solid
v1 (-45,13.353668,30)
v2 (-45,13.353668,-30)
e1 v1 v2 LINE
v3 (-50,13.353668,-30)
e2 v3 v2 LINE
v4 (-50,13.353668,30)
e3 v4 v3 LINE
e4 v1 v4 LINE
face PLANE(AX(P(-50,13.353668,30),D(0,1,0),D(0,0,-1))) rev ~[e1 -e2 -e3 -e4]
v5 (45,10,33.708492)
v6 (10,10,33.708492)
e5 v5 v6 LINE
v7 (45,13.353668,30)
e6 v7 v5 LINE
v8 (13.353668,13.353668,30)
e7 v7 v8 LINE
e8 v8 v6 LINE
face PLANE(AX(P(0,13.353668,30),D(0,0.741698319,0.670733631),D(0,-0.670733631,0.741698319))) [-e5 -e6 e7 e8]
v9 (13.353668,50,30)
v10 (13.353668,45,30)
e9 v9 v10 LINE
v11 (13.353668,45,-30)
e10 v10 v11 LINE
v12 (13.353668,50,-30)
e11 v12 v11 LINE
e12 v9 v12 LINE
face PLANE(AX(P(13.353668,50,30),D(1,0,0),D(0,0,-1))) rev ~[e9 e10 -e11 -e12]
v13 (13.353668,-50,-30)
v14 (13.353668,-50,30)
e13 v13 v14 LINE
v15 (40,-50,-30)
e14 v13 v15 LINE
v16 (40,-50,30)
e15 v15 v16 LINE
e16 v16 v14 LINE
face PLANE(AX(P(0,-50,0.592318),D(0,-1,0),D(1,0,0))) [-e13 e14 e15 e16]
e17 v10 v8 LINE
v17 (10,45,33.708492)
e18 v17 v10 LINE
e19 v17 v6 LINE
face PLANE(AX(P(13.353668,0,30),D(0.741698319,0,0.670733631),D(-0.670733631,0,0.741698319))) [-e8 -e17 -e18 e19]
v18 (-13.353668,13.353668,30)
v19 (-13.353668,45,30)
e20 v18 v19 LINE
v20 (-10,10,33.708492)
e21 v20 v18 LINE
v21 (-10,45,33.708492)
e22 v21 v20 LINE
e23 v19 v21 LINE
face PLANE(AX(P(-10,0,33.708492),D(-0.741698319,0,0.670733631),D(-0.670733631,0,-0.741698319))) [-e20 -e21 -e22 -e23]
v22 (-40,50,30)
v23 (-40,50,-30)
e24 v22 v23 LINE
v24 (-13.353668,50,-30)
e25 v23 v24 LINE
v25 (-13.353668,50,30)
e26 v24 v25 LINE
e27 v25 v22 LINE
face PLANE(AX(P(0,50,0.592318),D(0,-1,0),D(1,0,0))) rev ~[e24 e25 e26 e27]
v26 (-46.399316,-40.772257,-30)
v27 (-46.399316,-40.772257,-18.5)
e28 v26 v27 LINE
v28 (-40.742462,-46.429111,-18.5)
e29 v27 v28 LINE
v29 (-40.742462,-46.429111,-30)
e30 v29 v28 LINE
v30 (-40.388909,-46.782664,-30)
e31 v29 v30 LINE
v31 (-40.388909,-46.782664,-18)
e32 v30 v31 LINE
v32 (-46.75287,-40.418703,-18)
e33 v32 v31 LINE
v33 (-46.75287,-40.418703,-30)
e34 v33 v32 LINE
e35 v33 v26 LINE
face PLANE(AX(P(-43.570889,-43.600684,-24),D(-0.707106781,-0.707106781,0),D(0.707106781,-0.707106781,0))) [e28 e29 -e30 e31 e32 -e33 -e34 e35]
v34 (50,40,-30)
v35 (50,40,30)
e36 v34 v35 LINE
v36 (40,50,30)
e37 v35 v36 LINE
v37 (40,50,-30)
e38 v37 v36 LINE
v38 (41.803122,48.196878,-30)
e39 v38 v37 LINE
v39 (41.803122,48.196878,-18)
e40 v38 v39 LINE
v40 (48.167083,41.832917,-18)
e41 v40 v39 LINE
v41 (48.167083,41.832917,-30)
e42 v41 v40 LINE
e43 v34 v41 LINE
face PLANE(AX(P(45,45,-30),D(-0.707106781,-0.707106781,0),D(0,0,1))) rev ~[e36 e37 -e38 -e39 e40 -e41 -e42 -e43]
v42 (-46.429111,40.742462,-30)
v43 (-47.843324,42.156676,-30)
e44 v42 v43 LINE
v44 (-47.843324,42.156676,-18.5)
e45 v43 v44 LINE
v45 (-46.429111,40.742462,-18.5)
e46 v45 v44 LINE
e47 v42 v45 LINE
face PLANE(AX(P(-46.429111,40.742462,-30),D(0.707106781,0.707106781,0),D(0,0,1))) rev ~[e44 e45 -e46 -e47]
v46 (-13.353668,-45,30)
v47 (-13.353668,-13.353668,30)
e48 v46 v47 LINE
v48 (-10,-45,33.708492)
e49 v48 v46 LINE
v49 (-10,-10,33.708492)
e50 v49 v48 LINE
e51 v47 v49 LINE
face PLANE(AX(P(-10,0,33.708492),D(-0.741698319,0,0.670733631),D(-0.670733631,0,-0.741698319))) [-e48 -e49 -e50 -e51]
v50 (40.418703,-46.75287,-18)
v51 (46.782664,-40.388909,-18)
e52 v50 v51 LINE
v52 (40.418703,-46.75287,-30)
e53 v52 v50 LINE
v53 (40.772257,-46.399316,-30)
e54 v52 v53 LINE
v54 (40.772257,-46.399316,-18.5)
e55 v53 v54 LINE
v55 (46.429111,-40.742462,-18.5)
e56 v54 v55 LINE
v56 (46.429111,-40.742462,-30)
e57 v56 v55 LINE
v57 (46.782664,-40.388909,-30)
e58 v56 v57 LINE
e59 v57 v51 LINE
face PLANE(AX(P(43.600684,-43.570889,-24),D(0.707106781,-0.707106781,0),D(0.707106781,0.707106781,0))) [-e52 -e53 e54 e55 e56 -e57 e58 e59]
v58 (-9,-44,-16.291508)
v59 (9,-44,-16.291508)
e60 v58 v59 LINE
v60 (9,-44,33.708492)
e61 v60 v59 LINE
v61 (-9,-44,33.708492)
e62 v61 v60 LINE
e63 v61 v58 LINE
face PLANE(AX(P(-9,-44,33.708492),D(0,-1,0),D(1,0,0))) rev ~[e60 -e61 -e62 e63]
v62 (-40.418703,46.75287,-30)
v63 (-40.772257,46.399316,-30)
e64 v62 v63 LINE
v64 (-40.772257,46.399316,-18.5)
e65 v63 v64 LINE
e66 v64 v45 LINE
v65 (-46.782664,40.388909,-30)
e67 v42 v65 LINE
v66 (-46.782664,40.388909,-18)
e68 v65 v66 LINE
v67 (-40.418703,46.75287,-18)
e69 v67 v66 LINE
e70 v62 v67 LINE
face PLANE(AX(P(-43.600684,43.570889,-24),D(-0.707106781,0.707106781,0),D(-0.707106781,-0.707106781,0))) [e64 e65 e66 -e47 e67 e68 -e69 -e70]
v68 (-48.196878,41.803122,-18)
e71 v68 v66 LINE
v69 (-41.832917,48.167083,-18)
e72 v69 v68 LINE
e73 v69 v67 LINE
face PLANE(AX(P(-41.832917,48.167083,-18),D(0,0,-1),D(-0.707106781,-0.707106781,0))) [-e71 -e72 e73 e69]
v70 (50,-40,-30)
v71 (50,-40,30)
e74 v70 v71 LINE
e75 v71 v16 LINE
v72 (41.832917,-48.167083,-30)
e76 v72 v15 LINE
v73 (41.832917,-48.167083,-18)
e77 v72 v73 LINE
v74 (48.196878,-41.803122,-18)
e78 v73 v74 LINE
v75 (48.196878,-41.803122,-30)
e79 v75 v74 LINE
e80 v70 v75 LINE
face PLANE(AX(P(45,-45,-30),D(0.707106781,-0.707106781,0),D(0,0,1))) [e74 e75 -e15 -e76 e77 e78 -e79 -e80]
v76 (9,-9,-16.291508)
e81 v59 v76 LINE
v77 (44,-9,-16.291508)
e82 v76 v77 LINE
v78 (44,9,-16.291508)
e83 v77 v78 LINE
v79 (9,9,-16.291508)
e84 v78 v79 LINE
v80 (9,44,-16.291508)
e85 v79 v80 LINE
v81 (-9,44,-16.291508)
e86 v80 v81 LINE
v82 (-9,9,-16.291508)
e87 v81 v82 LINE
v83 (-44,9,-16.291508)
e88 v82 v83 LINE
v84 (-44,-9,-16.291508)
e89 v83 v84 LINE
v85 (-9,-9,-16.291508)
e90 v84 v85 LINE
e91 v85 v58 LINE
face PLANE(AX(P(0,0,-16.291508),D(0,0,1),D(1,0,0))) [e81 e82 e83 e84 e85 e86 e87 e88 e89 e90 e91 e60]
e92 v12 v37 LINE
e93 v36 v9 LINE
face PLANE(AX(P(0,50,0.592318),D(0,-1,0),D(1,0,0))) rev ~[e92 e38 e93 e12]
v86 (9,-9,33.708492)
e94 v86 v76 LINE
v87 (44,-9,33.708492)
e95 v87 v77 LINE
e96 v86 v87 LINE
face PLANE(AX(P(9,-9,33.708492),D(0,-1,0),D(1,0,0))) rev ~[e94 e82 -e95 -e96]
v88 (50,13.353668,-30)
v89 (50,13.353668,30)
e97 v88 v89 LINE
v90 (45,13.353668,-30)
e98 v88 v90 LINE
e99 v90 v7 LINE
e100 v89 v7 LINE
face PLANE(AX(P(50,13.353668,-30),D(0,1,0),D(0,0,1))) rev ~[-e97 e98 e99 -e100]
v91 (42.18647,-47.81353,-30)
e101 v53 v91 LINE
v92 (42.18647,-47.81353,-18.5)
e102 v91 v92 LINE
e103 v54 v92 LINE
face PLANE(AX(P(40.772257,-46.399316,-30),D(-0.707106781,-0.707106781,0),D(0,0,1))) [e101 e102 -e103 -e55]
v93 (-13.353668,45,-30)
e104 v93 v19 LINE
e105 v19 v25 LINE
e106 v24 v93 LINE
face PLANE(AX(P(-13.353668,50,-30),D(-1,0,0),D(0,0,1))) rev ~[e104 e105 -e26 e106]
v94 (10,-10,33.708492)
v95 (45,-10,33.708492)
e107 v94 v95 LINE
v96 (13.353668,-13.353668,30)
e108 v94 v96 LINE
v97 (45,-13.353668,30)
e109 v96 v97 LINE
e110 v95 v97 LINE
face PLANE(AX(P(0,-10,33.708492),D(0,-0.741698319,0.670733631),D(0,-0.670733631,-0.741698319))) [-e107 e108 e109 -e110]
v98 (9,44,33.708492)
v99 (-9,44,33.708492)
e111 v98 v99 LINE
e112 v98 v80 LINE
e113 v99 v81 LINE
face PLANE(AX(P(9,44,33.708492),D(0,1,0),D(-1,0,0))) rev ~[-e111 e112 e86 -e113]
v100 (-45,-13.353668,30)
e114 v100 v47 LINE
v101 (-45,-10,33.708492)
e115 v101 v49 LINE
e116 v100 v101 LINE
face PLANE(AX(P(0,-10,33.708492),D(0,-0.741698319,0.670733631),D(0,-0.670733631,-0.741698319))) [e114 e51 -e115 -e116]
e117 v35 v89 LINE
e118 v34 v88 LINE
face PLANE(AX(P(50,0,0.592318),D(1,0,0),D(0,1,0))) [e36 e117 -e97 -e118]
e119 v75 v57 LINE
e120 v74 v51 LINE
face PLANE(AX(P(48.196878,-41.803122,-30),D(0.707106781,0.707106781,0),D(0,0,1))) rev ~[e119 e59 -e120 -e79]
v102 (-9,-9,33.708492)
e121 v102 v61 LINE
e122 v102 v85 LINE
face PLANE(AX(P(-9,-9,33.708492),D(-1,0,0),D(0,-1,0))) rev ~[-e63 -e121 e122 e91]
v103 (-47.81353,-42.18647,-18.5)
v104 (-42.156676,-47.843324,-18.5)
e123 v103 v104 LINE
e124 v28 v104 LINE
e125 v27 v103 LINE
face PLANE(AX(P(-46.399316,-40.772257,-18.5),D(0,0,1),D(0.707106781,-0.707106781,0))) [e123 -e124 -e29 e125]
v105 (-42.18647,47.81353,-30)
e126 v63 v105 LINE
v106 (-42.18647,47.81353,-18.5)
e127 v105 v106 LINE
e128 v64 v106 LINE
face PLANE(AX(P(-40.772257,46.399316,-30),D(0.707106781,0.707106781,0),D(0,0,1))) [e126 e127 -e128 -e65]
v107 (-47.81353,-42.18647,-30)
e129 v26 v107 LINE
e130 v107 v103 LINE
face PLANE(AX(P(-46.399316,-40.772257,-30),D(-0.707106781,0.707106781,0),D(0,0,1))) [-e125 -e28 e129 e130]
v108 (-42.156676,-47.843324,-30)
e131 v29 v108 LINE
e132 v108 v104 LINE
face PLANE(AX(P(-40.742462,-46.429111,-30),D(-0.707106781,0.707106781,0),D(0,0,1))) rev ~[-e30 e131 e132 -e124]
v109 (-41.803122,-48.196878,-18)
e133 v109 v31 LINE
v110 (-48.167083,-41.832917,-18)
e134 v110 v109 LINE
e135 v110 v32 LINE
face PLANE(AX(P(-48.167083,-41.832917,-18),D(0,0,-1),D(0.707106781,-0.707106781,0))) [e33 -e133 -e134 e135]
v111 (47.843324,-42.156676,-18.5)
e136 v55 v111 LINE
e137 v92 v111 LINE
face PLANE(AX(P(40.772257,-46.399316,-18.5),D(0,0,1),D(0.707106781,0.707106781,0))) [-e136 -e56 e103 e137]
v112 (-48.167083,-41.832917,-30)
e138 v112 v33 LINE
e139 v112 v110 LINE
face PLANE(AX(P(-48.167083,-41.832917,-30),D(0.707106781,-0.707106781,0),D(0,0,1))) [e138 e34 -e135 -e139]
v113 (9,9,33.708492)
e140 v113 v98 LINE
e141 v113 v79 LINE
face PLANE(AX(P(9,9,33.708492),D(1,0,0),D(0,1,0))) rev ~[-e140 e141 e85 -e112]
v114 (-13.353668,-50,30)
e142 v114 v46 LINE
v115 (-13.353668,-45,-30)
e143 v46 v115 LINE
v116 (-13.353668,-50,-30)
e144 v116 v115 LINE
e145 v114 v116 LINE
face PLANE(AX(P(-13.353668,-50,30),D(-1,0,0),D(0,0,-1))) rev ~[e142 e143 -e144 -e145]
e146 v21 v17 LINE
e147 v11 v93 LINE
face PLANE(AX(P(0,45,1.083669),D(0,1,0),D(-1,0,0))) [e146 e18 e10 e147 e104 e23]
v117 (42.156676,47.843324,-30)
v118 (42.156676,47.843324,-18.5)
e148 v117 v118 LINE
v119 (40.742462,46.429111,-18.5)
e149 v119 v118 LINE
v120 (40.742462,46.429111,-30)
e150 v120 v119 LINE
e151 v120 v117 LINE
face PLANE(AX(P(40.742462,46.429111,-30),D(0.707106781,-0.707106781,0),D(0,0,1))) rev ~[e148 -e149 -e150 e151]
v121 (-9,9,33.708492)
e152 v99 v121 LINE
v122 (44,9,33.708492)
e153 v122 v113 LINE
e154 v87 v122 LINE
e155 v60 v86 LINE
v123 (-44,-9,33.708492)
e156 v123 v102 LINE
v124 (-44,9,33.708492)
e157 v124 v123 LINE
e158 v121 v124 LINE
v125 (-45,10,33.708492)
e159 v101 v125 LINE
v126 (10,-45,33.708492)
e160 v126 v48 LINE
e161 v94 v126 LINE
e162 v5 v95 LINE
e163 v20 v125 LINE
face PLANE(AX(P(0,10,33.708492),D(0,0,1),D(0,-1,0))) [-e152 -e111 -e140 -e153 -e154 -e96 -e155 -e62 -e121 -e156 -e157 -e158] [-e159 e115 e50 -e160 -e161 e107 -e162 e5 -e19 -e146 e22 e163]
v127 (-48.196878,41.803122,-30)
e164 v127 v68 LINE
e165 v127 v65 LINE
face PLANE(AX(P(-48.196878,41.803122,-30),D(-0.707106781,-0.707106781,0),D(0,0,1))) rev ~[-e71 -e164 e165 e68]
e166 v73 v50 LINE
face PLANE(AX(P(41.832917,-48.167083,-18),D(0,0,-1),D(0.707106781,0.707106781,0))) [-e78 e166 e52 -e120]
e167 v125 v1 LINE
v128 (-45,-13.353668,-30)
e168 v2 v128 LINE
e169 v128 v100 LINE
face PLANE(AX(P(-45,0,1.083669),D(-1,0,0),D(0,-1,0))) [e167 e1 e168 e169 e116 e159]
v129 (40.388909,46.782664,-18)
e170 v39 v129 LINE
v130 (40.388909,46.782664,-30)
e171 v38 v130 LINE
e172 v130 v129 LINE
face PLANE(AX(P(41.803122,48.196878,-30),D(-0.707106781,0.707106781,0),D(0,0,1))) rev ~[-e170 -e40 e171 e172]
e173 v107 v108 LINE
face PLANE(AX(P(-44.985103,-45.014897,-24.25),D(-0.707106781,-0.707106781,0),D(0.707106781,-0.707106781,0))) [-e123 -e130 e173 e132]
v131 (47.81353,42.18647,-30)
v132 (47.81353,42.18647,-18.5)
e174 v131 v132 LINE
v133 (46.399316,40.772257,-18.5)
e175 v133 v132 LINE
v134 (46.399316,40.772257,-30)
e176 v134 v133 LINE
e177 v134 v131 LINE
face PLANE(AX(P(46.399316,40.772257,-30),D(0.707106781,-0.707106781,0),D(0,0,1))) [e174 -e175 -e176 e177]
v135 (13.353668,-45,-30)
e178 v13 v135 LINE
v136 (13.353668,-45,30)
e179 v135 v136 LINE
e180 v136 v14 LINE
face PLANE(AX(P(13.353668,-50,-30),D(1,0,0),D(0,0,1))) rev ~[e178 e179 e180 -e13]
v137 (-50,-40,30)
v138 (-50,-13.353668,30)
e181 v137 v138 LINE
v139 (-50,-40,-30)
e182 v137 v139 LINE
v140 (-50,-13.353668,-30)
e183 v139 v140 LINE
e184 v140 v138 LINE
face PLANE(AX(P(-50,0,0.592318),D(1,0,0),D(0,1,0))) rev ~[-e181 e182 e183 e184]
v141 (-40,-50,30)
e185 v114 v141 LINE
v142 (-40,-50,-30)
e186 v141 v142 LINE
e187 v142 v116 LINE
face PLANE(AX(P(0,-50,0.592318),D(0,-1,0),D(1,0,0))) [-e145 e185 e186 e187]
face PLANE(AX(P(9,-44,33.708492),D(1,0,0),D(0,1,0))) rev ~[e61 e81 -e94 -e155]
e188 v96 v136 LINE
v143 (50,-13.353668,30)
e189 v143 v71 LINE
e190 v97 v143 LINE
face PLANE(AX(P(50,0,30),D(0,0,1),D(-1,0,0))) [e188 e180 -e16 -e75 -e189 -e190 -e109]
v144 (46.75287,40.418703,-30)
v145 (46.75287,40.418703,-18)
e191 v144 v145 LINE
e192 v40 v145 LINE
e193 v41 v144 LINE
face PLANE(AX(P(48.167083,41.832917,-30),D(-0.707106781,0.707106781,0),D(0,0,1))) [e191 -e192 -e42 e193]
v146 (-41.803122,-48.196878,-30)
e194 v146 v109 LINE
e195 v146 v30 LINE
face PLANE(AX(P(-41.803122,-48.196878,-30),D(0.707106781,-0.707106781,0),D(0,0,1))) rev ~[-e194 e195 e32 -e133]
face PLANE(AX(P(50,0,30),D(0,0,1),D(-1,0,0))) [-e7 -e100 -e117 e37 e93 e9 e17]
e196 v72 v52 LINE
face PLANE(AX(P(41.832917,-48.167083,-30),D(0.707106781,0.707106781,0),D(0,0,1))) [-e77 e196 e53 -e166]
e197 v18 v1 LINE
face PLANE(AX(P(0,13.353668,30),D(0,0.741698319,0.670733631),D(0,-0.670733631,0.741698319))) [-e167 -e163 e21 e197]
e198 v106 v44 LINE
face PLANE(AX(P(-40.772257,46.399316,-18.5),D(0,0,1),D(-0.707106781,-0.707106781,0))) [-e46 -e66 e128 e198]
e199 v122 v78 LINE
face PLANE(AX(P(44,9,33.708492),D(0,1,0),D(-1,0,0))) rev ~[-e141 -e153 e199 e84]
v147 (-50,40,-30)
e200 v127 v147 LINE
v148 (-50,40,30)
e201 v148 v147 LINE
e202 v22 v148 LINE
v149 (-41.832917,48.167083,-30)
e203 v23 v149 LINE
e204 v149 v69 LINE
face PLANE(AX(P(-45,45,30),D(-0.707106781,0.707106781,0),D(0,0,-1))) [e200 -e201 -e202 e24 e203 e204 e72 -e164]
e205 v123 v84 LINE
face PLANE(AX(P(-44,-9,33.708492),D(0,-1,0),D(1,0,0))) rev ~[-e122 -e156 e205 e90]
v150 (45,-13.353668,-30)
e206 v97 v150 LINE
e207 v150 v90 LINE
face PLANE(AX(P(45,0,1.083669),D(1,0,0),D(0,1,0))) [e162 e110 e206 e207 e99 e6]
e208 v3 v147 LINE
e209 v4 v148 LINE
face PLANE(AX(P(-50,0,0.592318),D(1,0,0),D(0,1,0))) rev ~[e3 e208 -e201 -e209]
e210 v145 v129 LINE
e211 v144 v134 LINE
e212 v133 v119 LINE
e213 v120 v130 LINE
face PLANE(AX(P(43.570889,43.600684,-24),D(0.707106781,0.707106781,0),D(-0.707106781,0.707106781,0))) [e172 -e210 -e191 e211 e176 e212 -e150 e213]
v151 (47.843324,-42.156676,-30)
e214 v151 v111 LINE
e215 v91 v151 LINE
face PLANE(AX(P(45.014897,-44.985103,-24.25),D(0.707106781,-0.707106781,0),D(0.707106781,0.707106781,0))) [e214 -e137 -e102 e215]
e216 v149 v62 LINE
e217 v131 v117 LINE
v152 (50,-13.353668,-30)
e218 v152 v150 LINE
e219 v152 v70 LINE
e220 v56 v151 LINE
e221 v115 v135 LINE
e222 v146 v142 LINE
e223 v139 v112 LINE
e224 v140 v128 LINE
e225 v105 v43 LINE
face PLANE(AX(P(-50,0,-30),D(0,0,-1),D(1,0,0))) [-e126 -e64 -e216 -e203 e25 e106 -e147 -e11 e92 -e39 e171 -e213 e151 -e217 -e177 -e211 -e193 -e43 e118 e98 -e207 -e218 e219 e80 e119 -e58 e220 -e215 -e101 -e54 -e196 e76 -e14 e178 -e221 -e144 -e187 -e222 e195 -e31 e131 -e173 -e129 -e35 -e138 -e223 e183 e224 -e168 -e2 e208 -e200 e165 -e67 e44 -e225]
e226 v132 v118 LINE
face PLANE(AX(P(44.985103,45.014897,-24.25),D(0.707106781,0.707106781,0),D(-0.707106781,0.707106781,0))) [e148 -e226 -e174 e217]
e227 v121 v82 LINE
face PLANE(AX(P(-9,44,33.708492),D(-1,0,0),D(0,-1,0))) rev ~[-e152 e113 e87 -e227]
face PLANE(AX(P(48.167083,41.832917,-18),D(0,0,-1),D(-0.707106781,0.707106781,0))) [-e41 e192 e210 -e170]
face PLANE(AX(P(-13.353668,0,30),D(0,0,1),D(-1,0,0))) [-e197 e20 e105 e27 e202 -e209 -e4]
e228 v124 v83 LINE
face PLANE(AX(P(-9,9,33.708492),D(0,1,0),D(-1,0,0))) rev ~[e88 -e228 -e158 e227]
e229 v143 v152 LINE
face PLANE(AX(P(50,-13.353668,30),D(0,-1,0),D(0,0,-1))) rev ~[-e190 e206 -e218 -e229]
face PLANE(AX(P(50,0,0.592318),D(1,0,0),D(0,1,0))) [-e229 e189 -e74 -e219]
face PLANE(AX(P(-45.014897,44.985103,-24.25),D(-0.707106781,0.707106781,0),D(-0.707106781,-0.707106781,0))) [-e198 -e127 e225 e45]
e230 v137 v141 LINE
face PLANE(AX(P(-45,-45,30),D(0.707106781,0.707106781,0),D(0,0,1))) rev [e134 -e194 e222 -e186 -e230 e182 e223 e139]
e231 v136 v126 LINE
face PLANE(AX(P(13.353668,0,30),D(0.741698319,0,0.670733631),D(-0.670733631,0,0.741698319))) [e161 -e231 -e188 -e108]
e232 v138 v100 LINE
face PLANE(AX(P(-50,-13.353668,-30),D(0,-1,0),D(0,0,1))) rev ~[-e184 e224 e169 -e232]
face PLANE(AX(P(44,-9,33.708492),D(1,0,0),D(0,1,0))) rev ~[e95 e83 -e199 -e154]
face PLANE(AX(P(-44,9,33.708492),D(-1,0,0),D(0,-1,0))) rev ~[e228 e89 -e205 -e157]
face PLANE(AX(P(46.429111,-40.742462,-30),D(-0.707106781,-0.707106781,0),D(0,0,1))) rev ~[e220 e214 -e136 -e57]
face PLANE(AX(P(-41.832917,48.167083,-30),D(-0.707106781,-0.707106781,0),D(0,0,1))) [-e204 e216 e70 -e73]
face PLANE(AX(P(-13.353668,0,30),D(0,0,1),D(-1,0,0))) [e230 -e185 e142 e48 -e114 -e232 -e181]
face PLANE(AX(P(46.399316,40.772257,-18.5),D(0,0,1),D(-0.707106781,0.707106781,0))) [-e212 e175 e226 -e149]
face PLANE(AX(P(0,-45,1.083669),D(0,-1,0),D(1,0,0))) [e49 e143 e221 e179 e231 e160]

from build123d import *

# Parameters (mm, degrees)
F1_DEPTH  = 50
F3_DEPTH  = 50
F5_DEPTH  = 5
F7_DEPTH  = 5
F9_DEPTH  = 5
F11_DEPTH = 5
F12_SIZE  = 10
F13_W     = 9
F13_H     = 12
F14_DEPTH = 2
F15_W     = 8
F15_H     = 11.5
F16_DEPTH = 2
F17_W     = 9
F17_H     = 12
F18_DEPTH = 2
F20_W     = 9
F20_H     = 12
F21_DEPTH = 2
F22_W     = 8
F22_H     = 11.5
F23_DEPTH = 2
F24_W     = 9
F24_H     = 12
F25_DEPTH = 2
F26_W     = 8
F26_H     = 11.5
F27_DEPTH = 2
F19_W     = 8
F19_H     = 11.5
F28_DEPTH = 2
F30_DEPTH = 50


with BuildPart() as f1:
    # F0 (on Front) → F1 (new body, symmetric)
    with BuildSketch(Plane.XZ):
        Polygon((-50, -30), (50, -30), (50, 30), (13.3536681533, 30), (10, 33.708491596), (0, 33.708491596), (-10, 33.708491596), (-13.3536681533, 30), (-50, 30), align=None)
    extrude(amount=F1_DEPTH, both=True)

    # F2 (on Right) → F3 (join, symmetric)
    with BuildSketch(Plane.YZ):
        Polygon((10, 33.708491596), (0, 33.708491596), (-10, 33.708491596), (-13.3536681533, 30), (-50, 30), (-50, -30), (0, -30), (50, -30), (50, 30), (13.3536681533, 30), align=None)
    extrude(amount=F3_DEPTH, both=True)

    # F4 (on face) → F5 (cut)
    with BuildSketch(Plane(origin=(-50, 0, 0), x_dir=(0, -1, 0), z_dir=(-1, 0, 0))):
        Polygon((10, 33.708491596), (-10, 33.708491596), (-13.3536681533, 30), (-13.3536681533, -30), (13.3536681533, -30), (13.3536681533, 30), align=None)
    extrude(amount=-F5_DEPTH, mode=Mode.SUBTRACT)

    # F6 (on face) → F7 (cut)
    with BuildSketch(Plane.XZ.offset(50)):
        Polygon((-10, 33.708491596), (-13.3536681533, 30), (-13.3536681533, -30), (13.3536681533, -30), (13.3536681533, 30), (10, 33.708491596), align=None)
    extrude(amount=-F7_DEPTH, mode=Mode.SUBTRACT)

    # F8 (on face) → F9 (cut)
    with BuildSketch(Plane.YZ.offset(50)):
        Polygon((-10, 33.708491596), (-13.3536681533, 30), (-13.3536681533, -30), (13.3536681533, -30), (13.3536681533, 30), (10, 33.708491596), align=None)
    extrude(amount=-F9_DEPTH, mode=Mode.SUBTRACT)

    # F10 (on face) → F11 (cut)
    with BuildSketch(Plane(origin=(0, 50, 0), x_dir=(-1, 0, 0), z_dir=(0, 1, 0))):
        Polygon((-10, 33.708491596), (-13.3536681533, 30), (-13.3536681533, -30), (13.3536681533, -30), (13.3536681533, 30), (10, 33.708491596), align=None)
    extrude(amount=-F11_DEPTH, mode=Mode.SUBTRACT)

    # F12
    f12_edges = [f1.edges().sort_by_distance(p)[0] for p in [
        (50, -50, 0),
        (50, 50, 0),
        (-50, 50, 0),
        (-50, -50, 0),
    ]]
    chamfer(f12_edges, length=F12_SIZE)

    # F13 (on face) → F14 (cut)
    with BuildSketch(Plane(origin=(-45, 45, 0), x_dir=(-0.7071067812, -0.7071067812, 0), z_dir=(-0.7071067812, 0.7071067812, 0))):
        with Locations((0.0210678119, -24)):
            Rectangle(F13_W, F13_H)
    extrude(amount=-F14_DEPTH, mode=Mode.SUBTRACT)

    # F15 (on face) → F16 (join)
    with BuildSketch(Plane(origin=(-43.5857864376, 43.5857864376, 0), x_dir=(-0.7071067812, -0.7071067812, 0), z_dir=(-0.7071067812, 0.7071067812, 0))):
        with Locations((0.0210678119, -24.25)):
            Rectangle(F15_W, F15_H)
    extrude(amount=F16_DEPTH)

    # F17 (on face) → F18 (cut)
    with BuildSketch(Plane(origin=(-45, -45, 0), x_dir=(0.7071067812, -0.7071067812, 0), z_dir=(-0.7071067812, -0.7071067812, 0))):
        with Locations((0.0210678119, -24)):
            Rectangle(F17_W, F17_H)
    extrude(amount=-F18_DEPTH, mode=Mode.SUBTRACT)

    # F20 (on face) → F21 (cut)
    with BuildSketch(Plane(origin=(45, -45, 0), x_dir=(0.7071067812, 0.7071067812, 0), z_dir=(0.7071067812, -0.7071067812, 0))):
        with Locations((0.0210678119, -24)):
            Rectangle(F20_W, F20_H)
    extrude(amount=-F21_DEPTH, mode=Mode.SUBTRACT)

    # F22 (on face) → F23 (join)
    with BuildSketch(Plane(origin=(43.5857864376, -43.5857864376, 0), x_dir=(0.7071067812, 0.7071067812, 0), z_dir=(0.7071067812, -0.7071067812, 0))):
        with Locations((0.0210678119, -24.25)):
            Rectangle(F22_W, F22_H)
    extrude(amount=F23_DEPTH)

    # F24 (on face) → F25 (cut)
    with BuildSketch(Plane(origin=(45, 45, 0), x_dir=(-0.7071067812, 0.7071067812, 0), z_dir=(0.7071067812, 0.7071067812, 0))):
        with Locations((0.0210678119, -24)):
            Rectangle(F24_W, F24_H)
    extrude(amount=-F25_DEPTH, mode=Mode.SUBTRACT)

    # F26 (on face) → F27 (join)
    with BuildSketch(Plane(origin=(43.5857864376, 43.5857864376, 0), x_dir=(-0.7071067812, 0.7071067812, 0), z_dir=(0.7071067812, 0.7071067812, 0))):
        with Locations((0.0210678119, -24.25)):
            Rectangle(F26_W, F26_H)
    extrude(amount=F27_DEPTH)

    # F19 (on face) → F28 (join)
    with BuildSketch(Plane(origin=(-43.5857864376, -43.5857864376, 0), x_dir=(0.7071067812, -0.7071067812, 0), z_dir=(-0.7071067812, -0.7071067812, 0))):
        with Locations((0.0210678119, -24.25)):
            Rectangle(F19_W, F19_H)
    extrude(amount=F28_DEPTH)

    # F29 (on face) → F30 (cut)
    with BuildSketch(Plane.XY.offset(33.708491596)):
        Polygon((-44, 9), (-44, -9), (-9, -9), (-9, -44), (9, -44), (9, -9), (44, -9), (44, 9), (9, 9), (9, 44), (-9, 44), (-9, 9), align=None)
    extrude(amount=-F30_DEPTH, mode=Mode.SUBTRACT)


solid = f1.part
